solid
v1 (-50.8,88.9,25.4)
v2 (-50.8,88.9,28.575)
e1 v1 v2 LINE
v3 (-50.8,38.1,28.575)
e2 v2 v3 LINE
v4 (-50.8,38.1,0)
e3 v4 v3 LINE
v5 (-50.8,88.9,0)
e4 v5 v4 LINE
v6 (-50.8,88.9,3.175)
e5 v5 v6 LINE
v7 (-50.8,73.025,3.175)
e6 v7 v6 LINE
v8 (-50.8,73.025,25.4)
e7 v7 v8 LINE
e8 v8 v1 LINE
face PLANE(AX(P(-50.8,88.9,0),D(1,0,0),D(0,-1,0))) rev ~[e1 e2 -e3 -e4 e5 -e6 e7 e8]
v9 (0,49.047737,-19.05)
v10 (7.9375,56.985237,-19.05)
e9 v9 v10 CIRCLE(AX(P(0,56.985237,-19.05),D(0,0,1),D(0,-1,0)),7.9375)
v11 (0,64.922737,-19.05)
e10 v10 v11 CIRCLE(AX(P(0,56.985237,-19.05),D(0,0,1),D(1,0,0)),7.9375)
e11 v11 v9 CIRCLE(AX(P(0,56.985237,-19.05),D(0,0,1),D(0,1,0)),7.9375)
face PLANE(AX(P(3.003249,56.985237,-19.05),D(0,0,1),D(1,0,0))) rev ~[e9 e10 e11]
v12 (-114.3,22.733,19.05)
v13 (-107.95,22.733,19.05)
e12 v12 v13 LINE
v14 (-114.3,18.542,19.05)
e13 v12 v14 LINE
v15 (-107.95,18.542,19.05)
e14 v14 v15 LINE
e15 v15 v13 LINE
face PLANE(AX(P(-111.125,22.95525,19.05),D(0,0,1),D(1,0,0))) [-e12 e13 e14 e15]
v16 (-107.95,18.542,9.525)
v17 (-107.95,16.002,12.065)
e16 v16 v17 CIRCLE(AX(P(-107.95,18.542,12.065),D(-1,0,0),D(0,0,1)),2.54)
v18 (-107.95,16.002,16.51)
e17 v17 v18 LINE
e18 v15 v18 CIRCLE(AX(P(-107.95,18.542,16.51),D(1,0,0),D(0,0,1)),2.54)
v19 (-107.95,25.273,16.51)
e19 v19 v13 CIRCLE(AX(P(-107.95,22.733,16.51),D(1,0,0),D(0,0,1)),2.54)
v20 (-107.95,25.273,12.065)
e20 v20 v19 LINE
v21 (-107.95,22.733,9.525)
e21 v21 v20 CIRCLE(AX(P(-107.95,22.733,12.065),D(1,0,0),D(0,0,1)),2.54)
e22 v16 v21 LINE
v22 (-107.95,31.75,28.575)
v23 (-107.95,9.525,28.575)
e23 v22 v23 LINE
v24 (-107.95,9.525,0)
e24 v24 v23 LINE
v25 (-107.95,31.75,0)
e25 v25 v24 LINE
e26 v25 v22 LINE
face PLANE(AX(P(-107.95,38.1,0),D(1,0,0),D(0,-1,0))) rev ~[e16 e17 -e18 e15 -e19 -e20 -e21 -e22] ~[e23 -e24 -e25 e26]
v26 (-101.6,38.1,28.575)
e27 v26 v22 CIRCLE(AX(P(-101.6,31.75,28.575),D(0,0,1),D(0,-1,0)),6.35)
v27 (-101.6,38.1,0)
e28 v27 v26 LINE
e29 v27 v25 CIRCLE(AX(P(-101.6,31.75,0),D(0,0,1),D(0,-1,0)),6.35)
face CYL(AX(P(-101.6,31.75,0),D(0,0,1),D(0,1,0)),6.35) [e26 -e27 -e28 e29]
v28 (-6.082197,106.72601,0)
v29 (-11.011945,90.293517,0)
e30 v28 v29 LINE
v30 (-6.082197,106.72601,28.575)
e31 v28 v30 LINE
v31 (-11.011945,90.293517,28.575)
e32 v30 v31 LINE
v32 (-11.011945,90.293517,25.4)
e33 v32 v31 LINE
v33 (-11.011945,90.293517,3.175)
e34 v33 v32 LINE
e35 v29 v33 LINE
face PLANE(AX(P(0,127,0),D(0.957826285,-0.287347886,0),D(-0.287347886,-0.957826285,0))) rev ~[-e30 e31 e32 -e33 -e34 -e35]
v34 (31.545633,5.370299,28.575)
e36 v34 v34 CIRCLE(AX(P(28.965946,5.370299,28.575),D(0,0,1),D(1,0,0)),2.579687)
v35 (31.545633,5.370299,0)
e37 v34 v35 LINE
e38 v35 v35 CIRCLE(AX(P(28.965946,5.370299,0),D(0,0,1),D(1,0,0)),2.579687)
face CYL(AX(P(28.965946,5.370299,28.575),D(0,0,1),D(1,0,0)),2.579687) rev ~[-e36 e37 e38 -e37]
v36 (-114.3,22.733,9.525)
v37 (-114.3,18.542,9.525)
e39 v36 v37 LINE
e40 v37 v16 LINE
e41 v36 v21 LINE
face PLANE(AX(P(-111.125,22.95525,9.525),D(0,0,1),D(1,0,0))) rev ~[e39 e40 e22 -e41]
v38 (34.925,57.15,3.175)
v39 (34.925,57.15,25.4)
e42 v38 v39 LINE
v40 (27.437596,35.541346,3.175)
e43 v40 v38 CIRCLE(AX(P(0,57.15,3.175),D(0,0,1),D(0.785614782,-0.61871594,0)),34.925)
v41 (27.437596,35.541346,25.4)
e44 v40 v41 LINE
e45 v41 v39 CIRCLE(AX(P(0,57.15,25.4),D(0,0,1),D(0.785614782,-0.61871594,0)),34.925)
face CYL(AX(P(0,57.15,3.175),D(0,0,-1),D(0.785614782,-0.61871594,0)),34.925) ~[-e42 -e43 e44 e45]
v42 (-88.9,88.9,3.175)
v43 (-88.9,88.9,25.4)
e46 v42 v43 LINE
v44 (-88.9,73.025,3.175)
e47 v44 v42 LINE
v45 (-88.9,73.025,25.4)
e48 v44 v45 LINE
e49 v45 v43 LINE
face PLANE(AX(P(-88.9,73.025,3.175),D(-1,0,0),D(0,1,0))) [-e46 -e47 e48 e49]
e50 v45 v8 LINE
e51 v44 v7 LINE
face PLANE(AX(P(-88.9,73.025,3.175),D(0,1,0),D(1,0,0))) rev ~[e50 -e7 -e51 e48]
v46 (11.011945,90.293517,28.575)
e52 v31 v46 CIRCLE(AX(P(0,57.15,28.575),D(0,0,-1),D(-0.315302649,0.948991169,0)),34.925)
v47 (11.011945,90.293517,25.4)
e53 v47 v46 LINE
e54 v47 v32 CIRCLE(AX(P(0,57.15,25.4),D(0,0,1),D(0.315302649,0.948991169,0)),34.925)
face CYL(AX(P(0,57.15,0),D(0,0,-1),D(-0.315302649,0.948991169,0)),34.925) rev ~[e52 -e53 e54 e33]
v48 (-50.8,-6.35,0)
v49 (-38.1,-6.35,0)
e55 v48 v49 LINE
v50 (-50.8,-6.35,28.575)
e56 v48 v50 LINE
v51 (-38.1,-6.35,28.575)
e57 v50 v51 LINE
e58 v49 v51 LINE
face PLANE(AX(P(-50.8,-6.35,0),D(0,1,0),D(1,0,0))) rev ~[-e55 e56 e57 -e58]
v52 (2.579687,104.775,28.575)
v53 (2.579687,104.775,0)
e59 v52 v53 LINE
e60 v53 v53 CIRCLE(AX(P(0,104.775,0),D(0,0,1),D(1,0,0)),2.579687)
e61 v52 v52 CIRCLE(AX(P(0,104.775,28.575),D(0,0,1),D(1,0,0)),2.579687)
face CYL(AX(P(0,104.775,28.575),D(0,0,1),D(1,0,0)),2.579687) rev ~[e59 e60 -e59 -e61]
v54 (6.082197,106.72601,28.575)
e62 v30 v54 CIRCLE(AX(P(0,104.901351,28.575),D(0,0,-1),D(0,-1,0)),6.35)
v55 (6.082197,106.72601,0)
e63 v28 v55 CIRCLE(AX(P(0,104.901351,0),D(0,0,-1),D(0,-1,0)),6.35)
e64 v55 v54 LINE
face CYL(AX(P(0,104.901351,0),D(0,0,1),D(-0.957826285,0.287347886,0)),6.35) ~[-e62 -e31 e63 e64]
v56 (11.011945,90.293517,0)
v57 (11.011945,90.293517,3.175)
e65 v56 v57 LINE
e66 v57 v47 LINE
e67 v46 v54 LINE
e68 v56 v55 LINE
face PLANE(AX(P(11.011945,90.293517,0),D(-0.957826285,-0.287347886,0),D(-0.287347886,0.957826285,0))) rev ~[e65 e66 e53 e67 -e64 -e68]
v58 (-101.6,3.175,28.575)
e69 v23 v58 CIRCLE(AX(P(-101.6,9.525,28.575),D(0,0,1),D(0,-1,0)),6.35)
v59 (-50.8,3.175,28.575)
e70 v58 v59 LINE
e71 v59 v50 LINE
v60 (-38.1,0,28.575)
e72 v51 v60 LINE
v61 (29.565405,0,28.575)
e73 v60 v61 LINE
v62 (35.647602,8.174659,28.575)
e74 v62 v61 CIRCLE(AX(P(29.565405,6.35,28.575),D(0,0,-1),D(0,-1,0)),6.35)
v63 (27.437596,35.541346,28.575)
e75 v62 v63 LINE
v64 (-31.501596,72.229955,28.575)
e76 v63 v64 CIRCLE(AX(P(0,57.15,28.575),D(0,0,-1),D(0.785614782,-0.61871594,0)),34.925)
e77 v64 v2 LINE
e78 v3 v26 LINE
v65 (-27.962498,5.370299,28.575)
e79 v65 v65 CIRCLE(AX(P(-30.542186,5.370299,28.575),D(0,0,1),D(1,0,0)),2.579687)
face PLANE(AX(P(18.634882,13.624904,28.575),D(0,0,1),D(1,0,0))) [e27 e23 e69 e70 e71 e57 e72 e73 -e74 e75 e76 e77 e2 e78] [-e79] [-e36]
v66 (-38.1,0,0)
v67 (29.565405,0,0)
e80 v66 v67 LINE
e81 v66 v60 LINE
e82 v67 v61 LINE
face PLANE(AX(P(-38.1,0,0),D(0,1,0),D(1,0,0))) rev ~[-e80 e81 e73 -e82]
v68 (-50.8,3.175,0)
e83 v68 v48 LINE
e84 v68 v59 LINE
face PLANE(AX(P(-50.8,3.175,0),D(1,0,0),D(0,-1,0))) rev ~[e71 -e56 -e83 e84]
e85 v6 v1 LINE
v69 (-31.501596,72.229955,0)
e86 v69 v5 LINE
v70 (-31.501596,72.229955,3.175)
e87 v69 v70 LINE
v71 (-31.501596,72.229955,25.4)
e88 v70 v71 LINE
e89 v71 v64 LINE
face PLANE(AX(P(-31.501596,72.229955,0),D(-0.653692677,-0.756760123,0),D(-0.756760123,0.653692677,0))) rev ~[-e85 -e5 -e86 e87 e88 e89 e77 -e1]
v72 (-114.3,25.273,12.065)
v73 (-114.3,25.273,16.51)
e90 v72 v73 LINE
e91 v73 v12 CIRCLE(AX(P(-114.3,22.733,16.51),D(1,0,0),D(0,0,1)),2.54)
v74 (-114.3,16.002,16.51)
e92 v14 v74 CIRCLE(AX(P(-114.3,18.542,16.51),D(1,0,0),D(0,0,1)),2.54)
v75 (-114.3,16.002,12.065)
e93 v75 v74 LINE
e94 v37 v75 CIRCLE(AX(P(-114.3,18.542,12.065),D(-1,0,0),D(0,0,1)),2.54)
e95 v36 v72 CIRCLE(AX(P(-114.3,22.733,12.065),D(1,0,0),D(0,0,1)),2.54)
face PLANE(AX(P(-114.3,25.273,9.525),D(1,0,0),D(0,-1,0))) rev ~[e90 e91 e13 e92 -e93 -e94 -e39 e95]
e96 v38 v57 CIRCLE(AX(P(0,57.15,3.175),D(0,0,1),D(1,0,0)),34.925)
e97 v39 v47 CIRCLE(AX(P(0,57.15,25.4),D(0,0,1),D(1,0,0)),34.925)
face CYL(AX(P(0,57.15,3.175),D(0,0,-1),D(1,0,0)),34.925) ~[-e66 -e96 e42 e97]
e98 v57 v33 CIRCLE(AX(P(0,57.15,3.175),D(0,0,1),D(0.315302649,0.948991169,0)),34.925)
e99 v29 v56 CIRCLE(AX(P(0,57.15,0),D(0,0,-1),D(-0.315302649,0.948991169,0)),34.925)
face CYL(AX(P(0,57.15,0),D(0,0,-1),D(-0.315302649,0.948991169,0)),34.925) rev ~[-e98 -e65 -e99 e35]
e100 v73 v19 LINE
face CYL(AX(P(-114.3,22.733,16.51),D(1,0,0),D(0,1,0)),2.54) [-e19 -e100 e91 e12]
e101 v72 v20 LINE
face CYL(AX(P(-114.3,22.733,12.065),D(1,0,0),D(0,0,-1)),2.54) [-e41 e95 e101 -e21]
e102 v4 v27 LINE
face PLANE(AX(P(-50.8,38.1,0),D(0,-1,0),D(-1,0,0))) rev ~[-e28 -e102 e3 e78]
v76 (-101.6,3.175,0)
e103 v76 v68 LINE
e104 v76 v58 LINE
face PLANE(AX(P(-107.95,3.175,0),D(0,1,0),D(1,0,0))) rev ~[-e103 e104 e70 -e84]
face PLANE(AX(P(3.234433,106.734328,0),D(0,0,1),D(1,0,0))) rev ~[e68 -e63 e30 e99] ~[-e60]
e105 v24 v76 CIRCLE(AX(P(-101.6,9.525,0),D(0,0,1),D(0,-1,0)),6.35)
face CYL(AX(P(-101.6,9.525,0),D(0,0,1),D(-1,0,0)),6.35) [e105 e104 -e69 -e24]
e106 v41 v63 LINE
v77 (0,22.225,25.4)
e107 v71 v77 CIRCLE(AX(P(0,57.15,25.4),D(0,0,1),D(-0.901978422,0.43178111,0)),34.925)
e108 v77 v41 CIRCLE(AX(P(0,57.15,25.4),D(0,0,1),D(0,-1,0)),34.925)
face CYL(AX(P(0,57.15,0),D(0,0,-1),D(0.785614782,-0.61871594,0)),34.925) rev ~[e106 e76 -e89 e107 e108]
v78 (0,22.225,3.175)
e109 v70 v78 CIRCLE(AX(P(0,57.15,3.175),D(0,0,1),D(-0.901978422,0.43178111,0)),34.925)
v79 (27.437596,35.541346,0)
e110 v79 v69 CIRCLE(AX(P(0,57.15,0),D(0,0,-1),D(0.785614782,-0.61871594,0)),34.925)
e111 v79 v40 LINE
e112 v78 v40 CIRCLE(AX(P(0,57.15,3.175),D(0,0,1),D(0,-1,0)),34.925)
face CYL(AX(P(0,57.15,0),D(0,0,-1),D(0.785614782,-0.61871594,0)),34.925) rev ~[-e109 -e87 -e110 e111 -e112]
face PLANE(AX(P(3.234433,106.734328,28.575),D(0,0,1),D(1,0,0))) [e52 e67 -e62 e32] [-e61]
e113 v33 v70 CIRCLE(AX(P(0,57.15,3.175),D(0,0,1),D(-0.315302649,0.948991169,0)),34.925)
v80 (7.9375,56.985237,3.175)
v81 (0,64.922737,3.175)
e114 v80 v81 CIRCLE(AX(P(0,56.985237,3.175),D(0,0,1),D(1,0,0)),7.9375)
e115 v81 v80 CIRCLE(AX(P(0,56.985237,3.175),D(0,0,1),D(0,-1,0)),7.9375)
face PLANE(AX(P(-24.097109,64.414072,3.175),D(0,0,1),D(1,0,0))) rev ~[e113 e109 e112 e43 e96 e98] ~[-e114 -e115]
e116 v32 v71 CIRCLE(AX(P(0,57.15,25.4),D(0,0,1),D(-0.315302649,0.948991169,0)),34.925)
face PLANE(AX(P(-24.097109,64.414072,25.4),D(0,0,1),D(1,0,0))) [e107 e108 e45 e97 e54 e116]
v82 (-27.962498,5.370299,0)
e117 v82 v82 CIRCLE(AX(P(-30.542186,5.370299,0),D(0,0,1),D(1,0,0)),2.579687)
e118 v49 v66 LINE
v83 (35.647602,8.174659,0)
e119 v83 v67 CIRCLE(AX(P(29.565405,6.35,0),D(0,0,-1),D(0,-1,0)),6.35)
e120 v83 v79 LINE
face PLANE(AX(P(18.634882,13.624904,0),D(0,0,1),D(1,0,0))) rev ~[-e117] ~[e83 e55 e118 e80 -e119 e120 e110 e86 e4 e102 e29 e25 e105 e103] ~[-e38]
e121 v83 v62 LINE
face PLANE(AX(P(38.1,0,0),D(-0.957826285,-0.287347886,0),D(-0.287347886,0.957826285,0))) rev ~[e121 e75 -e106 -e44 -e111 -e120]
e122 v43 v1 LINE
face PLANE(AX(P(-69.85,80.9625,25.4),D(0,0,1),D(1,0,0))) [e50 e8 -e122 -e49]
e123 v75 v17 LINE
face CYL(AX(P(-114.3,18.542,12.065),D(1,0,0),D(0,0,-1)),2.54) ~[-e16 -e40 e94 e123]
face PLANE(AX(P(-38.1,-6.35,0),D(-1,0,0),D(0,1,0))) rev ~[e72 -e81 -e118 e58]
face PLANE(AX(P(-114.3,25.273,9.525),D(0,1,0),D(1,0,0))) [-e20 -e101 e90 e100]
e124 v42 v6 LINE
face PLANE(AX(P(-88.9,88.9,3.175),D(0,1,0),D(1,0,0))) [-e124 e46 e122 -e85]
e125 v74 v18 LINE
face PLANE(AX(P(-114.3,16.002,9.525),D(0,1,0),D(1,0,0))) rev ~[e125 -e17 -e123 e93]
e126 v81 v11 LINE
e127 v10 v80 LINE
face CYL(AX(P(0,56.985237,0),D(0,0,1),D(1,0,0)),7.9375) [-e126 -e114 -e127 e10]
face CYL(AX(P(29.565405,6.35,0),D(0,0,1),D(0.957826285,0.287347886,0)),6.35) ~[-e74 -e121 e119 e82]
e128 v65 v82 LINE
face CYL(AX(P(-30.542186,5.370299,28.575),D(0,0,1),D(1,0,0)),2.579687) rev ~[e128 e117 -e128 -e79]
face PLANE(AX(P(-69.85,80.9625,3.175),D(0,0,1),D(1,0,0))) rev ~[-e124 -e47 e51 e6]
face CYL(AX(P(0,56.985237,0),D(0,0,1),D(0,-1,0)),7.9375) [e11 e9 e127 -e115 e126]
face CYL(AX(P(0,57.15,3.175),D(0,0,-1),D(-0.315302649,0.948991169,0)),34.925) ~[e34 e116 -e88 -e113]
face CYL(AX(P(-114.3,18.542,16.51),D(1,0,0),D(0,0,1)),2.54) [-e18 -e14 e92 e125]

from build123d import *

# Parameters (mm, degrees)
F1_DEPTH  = 28.575
F2_START  = 3.175
F2_DEPTH  = 22.225
F3_START  = 3.175
F0_W      = 38.1
F0_H      = 15.875
F3_DEPTH  = 22.225
F5_DEPTH  = 19.05
F6_R      = 6.35
F7_START  = 9.525
F0_W_2    = 6.35
F0_H_2    = 4.6355
F7_DEPTH  = 9.525
F8_R      = 2.54
F9_R      = 2.5796875
F10_DEPTH = 47.626


with BuildPart() as f1:
    # F0 (on Top) → F1 (new body)
    with BuildSketch(Plane.XY):
        with BuildLine():
            Line((0, 127), (0, 92.075))
            ThreePointArc((0, 92.075), (5.5775580758, 91.6267526155), (11.0119450237, 90.2935165876))
            Line((11.0119450237, 90.2935165876), (0, 127))
        make_face()
        with BuildLine():
            ThreePointArc((-11.0119450237, 90.2935165876), (-5.5775580758, 91.6267526155), (0, 92.075))
            Line((0, 92.075), (0, 127))
            Line((0, 127), (-11.0119450237, 90.2935165876))
        make_face()
    extrude(amount=F1_DEPTH)



with BuildPart() as f1b:
    # F0 (on Top) → F1, piece 2 (new body)
    with BuildSketch(Plane.XY):
        with BuildLine():
            Line((0, 22.225), (0, 0))
            Line((0, 0), (38.1, 0))
            Line((38.1, 0), (27.4375962607, 35.5413457977))
            ThreePointArc((27.4375962607, 35.5413457977), (15.2491536976, 25.7299596355), (0, 22.225))
        make_face()
        with BuildLine():
            Line((-38.1, 0), (0, 0))
            Line((0, 0), (0, 22.225))
            ThreePointArc((0, 22.225), (-15.2491536976, 25.7299596355), (-27.4375962607, 35.5413457977))
            Line((-27.4375962607, 35.5413457977), (-38.1, 0))
        make_face()
        with BuildLine():
            Line((-38.1, -6.35), (-38.1, 0))
            Line((-38.1, 0), (-27.4375962607, 35.5413457977))
            ThreePointArc((-27.4375962607, 35.5413457977), (-34.7126867768, 53.3048729883), (-31.5015963811, 72.2299552534))
            Line((-31.5015963811, 72.2299552534), (-50.8, 88.9))
            Line((-50.8, 88.9), (-50.8, 73.025))
            Line((-50.8, 73.025), (-50.8, 38.1))
            Line((-50.8, 38.1), (-50.8, 3.175))
            Line((-50.8, 3.175), (-50.8, -6.35))
            Line((-50.8, -6.35), (-38.1, -6.35))
        make_face()
        Polygon((-107.95, 3.175), (-50.8, 3.175), (-50.8, 38.1), (-107.95, 38.1), (-107.95, 25.273), (-107.95, 20.6375), (-107.95, 16.002), align=None)
    extrude(amount=F1_DEPTH)


with BuildPart() as f1_1:
    add(f1.part)

    add(f1b.part)  # F2 merges F1b
    # F0 (on Top) → F2 (join)
    with BuildSketch(Plane.XY.offset(F2_START)):
        with BuildLine():
            ThreePointArc((-31.5015963811, 72.2299552534), (-34.7126867768, 53.3048729883), (-27.4375962607, 35.5413457977))
            Line((-27.4375962607, 35.5413457977), (-11.0119450237, 90.2935165876))
            ThreePointArc((-11.0119450237, 90.2935165876), (-23.0959598786, 83.3479438561), (-31.5015963811, 72.2299552534))
        make_face()
        with BuildLine():
            ThreePointArc((-27.4375962607, 35.5413457977), (-15.2491536976, 25.7299596355), (0, 22.225))
            Line((0, 22.225), (0, 92.075))
            ThreePointArc((0, 92.075), (-5.5775580758, 91.6267526155), (-11.0119450237, 90.2935165876))
            Line((-11.0119450237, 90.2935165876), (-27.4375962607, 35.5413457977))
        make_face()
        with BuildLine():
            Line((0, 92.075), (0, 22.225))
            ThreePointArc((0, 22.225), (15.2491536976, 25.7299596355), (27.4375962607, 35.5413457977))
            Line((27.4375962607, 35.5413457977), (11.0119450237, 90.2935165876))
            ThreePointArc((11.0119450237, 90.2935165876), (5.5775580758, 91.6267526155), (0, 92.075))
        make_face()
        with BuildLine():
            Line((11.0119450237, 90.2935165876), (27.4375962607, 35.5413457977))
            ThreePointArc((27.4375962607, 35.5413457977), (33.0001035938, 45.71545638), (34.925, 57.15))
            ThreePointArc((34.925, 57.15), (28.3226747056, 77.5848164299), (11.0119450237, 90.2935165876))
        make_face()
    extrude(amount=F2_DEPTH)

    # F0 (on Top) → F3 (join)
    with BuildSketch(Plane.XY.offset(F3_START)):
        with Locations((-69.85, 80.9625)):
            Rectangle(F0_W, F0_H)
    extrude(amount=F3_DEPTH)

    # F4 (on face) → F5 (join, symmetric)
    with BuildSketch(Plane.XY):
        with BuildLine():
            ThreePointArc((0, 49.0477367043), (5.6126600757, 51.3725766287), (7.9375, 56.9852367043))
            ThreePointArc((7.9375, 56.9852367043), (5.6126600757, 62.59789678), (0, 64.9227367043))
            Line((0, 64.9227367043), (0, 49.0477367043))
        make_face()
        with BuildLine():
            Line((0, 49.0477367043), (0, 64.9227367043))
            ThreePointArc((0, 64.9227367043), (-7.9375, 56.9852367043), (0, 49.0477367043))
        make_face()
    extrude(amount=F5_DEPTH, both=True)

    # F6
    f6_edges = [f1_1.edges().sort_by_distance(p)[0] for p in [
        (0, 127, 14.2875),
        (38.1, 0, 14.2875),
        (-107.95, 3.175, 14.2875),
        (-107.95, 38.1, 14.2875),
    ]]
    fillet(f6_edges, radius=F6_R)

    # F0 (on Top) → F7 (join)
    with BuildSketch(Plane.XY.offset(F7_START)):
        with Locations((-111.125, 22.95525)):
            Rectangle(F0_W_2, F0_H_2)
        with Locations((-111.125, 18.31975)):
            Rectangle(F0_W_2, F0_H_2)
    extrude(amount=F7_DEPTH)

    # F8
    f8_edges = [f1_1.edges().sort_by_distance(p)[0] for p in [
        (-111.125, 25.273, 19.05),
        (-111.125, 16.002, 19.05),
        (-111.125, 16.002, 9.525),
        (-111.125, 25.273, 9.525),
    ]]
    fillet(f8_edges, radius=F8_R)

    # F9 (on face) → F10 (cut, through all)
    with BuildSketch(Plane.XY.offset(28.575)):
        with Locations((0, 104.775)):
            Circle(F9_R)
        with Locations((28.965945942, 5.3702991543)):
            Circle(F9_R)
        with Locations((-30.5421855315, 5.3702991543)):
            Circle(F9_R)
    extrude(amount=-F10_DEPTH, mode=Mode.SUBTRACT)


solid = f1_1.part
